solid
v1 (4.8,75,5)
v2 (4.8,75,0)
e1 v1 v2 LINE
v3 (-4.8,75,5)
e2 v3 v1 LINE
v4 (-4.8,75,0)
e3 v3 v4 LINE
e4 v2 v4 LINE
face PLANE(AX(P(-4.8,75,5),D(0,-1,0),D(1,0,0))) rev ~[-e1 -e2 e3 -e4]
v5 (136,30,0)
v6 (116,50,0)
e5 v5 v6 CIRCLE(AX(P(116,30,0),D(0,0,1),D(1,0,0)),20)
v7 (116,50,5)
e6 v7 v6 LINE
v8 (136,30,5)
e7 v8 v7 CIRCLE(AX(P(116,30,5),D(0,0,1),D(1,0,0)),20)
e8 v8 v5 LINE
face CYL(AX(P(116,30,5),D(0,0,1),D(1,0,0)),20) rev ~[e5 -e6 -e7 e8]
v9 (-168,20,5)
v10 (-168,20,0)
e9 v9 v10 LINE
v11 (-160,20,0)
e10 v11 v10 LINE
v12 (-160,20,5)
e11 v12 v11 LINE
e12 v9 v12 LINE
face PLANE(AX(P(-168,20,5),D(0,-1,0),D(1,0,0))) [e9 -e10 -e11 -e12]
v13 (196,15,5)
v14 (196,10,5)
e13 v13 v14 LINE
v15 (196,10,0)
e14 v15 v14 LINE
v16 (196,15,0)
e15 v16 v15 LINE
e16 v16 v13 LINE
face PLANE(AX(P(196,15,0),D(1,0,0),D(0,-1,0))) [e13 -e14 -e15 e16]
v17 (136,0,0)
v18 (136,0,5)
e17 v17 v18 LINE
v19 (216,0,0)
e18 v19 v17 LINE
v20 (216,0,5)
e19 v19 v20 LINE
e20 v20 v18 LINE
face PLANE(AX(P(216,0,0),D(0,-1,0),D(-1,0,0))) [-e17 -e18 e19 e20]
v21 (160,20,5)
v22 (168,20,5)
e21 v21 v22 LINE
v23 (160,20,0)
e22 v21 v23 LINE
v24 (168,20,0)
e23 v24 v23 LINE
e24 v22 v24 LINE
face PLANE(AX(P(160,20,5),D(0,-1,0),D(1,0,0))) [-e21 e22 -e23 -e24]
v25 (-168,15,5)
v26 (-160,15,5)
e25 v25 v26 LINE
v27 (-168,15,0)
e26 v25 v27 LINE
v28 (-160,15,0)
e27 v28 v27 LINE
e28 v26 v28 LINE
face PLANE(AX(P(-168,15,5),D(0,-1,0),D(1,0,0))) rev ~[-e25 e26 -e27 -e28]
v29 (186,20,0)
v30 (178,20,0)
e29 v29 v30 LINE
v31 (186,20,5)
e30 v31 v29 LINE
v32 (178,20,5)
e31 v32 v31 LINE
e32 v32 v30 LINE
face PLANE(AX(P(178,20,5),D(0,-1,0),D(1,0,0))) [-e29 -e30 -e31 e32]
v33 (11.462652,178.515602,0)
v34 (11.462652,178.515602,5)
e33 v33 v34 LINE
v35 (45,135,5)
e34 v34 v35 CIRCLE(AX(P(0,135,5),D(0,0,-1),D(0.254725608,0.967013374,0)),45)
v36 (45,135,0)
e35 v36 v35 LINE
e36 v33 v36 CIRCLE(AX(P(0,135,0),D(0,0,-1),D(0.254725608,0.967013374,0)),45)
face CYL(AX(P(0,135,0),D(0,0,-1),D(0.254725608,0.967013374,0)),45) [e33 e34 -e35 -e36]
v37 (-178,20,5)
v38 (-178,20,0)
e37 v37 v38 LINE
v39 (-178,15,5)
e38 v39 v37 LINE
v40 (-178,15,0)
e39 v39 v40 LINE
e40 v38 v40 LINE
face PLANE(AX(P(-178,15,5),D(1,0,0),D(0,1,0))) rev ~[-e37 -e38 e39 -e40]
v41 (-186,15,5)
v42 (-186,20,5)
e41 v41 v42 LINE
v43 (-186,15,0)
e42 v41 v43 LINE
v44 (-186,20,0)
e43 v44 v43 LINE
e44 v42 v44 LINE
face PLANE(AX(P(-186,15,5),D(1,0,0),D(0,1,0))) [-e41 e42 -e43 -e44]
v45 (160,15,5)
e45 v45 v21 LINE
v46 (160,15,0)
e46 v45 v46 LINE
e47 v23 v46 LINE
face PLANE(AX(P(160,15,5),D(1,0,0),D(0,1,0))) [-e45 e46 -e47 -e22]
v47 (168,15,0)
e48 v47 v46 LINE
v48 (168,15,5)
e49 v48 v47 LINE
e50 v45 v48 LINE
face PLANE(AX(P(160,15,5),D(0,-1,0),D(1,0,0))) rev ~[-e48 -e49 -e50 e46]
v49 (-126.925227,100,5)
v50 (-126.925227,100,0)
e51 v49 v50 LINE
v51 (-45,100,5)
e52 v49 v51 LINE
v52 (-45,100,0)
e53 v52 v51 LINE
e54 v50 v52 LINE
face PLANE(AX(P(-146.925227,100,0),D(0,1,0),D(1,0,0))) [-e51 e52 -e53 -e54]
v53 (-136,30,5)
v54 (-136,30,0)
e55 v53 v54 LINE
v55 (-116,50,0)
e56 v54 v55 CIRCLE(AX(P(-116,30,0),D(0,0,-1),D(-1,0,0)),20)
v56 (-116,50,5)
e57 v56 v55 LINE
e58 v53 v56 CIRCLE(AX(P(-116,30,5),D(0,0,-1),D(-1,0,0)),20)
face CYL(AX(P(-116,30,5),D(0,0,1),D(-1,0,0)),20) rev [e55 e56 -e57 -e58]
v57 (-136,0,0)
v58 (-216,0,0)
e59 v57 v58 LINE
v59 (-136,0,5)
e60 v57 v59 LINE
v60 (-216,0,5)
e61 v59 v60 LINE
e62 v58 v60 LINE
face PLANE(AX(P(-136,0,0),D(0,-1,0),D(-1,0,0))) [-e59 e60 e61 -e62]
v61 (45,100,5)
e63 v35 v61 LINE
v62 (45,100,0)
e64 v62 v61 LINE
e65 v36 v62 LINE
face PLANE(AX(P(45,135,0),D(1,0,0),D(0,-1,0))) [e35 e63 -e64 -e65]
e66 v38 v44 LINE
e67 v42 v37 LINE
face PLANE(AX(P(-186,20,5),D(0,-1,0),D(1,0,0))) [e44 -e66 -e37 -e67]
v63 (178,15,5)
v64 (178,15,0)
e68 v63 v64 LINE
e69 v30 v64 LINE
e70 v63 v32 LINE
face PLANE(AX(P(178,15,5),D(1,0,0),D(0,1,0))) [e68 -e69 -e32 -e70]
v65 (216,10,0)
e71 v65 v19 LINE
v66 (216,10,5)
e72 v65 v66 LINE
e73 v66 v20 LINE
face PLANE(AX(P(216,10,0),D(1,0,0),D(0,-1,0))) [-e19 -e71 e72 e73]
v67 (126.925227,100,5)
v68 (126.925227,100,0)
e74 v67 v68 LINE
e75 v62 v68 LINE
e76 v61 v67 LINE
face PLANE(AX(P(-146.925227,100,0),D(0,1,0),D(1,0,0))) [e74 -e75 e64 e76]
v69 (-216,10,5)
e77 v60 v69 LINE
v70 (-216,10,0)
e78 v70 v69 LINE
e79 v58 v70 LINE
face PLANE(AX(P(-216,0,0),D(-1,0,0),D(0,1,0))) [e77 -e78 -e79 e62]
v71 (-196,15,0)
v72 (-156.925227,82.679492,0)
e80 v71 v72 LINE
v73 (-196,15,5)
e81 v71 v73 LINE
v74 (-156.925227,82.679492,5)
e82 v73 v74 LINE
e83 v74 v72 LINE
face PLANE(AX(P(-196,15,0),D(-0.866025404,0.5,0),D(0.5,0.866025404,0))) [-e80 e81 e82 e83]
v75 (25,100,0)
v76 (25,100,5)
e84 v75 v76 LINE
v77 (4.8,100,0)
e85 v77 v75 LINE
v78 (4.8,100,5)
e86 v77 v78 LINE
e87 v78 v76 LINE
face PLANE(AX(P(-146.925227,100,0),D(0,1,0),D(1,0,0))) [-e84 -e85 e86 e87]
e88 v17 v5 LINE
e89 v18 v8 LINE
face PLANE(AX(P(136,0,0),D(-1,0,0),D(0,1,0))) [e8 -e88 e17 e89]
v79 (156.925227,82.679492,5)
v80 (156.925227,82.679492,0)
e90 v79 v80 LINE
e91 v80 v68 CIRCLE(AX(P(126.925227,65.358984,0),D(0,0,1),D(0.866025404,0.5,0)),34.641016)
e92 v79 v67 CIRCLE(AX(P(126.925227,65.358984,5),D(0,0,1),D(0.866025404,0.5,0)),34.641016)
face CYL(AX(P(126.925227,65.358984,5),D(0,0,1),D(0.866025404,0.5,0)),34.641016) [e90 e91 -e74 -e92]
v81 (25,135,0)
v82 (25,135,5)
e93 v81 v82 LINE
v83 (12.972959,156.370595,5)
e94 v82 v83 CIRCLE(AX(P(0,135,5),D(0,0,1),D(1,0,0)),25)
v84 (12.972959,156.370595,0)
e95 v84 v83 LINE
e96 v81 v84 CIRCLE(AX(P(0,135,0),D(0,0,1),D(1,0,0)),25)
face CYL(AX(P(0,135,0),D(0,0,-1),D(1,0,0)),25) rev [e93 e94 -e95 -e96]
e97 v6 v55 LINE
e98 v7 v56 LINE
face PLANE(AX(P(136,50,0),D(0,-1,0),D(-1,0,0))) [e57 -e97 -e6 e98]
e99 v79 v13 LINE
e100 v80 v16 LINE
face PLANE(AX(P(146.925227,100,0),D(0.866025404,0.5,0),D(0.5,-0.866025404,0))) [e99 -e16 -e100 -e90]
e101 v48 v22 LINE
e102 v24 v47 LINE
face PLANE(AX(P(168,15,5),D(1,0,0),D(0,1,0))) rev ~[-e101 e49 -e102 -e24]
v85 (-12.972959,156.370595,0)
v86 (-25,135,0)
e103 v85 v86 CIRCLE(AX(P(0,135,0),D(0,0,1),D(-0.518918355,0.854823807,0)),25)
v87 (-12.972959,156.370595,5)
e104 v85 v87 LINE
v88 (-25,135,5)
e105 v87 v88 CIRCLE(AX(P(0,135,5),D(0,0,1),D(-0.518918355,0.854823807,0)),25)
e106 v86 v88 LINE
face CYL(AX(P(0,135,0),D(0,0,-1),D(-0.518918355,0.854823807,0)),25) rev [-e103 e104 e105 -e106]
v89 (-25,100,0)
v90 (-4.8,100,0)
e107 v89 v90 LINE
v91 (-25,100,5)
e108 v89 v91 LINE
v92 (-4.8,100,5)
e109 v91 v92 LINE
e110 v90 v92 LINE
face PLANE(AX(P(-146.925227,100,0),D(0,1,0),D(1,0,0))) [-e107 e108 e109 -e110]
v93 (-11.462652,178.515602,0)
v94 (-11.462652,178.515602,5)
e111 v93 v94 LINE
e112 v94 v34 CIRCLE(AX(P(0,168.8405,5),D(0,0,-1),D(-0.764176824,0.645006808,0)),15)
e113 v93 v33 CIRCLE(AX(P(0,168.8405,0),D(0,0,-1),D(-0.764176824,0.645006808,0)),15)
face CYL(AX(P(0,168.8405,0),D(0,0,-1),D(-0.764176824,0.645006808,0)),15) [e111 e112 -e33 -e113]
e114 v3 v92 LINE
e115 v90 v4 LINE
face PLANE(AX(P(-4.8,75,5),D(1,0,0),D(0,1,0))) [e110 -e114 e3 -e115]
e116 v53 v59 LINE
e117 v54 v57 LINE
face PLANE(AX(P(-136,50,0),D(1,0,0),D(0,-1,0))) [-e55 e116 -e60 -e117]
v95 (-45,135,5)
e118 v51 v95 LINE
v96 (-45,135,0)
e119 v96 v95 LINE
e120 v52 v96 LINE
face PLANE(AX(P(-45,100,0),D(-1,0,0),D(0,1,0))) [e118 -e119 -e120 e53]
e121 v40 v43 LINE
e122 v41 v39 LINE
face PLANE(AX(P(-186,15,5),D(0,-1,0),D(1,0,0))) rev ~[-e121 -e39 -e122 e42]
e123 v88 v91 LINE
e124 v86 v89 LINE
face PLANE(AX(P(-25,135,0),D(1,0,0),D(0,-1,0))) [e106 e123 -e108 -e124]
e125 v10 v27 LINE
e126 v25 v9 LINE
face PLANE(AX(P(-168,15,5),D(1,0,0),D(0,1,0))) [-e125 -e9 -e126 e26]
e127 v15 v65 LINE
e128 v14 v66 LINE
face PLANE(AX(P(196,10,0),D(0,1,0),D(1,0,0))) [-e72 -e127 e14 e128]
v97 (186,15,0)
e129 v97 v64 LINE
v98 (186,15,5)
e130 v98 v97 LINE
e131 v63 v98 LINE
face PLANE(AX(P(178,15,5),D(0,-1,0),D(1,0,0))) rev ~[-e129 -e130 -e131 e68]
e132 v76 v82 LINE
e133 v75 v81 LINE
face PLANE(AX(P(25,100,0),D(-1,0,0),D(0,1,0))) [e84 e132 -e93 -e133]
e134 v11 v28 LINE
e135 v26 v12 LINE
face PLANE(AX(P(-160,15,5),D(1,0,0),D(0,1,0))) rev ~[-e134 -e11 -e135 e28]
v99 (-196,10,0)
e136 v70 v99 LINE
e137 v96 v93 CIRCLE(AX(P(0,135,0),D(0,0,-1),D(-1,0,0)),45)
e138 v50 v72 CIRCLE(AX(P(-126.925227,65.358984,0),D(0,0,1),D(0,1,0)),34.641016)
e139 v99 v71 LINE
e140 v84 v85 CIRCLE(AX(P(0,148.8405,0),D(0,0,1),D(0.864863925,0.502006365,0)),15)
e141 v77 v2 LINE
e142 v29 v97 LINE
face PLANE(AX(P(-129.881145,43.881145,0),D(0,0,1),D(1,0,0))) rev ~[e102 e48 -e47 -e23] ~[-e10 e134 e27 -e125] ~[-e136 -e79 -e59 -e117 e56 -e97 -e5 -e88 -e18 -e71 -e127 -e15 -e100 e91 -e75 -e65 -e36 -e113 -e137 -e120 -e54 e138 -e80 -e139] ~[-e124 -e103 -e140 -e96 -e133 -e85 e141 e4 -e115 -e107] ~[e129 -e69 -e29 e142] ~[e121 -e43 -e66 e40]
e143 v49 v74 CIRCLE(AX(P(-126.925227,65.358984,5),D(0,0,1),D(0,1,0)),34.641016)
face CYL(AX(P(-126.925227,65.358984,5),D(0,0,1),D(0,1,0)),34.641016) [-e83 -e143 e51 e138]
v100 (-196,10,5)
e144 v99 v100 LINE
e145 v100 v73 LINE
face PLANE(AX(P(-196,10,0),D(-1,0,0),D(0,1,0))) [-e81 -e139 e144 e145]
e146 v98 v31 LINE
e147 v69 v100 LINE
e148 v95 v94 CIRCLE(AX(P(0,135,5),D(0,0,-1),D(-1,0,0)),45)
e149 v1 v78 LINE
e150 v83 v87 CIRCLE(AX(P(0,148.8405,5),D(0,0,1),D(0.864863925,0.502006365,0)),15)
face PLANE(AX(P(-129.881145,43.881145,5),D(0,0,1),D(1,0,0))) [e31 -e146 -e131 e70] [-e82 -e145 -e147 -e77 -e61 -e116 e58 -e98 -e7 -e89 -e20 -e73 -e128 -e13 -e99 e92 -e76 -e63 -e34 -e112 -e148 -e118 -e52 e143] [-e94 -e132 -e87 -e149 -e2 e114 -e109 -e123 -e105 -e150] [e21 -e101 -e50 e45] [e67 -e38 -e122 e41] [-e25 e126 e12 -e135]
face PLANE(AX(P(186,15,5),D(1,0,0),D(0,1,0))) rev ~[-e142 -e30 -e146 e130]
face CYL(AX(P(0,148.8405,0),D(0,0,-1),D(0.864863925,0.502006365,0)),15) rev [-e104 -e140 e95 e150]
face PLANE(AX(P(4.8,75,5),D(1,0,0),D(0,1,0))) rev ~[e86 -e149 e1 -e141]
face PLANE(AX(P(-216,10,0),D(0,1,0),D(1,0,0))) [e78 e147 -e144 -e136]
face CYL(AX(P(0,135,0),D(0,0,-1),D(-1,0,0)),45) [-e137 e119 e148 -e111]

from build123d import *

# Parameters (mm, degrees)
EXTRUDE_1_DEPTH     = 5
CUT_EXTRUDE_1_REACH = 7
EXTRUDE_2_DEPTH     = 5
CUT_EXTRUDE_2_REACH = 7
SKETCH_4_W          = 9.6
SKETCH_4_H          = 50
EXTRUDE_3_DEPTH     = 5
CUT_EXTRUDE_3_REACH = 7
SKETCH_6_W          = 8
SKETCH_6_H          = 5


with BuildPart() as part:
    # 草图1 → 凸台-拉伸1 (new body)
    with BuildSketch(Plane.XY):
        Polygon((-216, 0), (-216, 10), (-196, 10), (-196, 15), (-146.925227119, 100), (146.925227119, 100), (196, 15), (196, 10), (216, 10), (216, 0), (136, 0), (136, 50), (-136, 50), (-136, 0), align=None)
    extrude(amount=EXTRUDE_1_DEPTH)

    # 草图2 → 切除-拉伸1 (cut, up to next)
    with BuildSketch(Plane.XY.offset(5), mode=Mode.PRIVATE) as cut_extrude_1_sk1:
        with BuildLine():
            Line((-146.925227119, 100), (-126.925227119, 100))
            ThreePointArc((-126.925227119, 100), (-144.245735195, 95.358983849), (-156.925227119, 82.679491924))
            Line((-156.925227119, 82.679491924), (-146.925227119, 100))
        make_face()
    cut_extrude_1_tool1 = extrude(cut_extrude_1_sk1.sketch, amount=-CUT_EXTRUDE_1_REACH, mode=Mode.PRIVATE) & part.part
    add(cut_extrude_1_tool1.solids().sort_by_distance((-144.827064, 96.365874, 5))[0], mode=Mode.SUBTRACT)
    # 草图2 → 切除-拉伸1 (cut, up to next)
    with BuildSketch(Plane.XY.offset(5), mode=Mode.PRIVATE) as cut_extrude_1_sk2:
        with BuildLine():
            Line((146.925227119, 100), (156.925227119, 82.679491924))
            ThreePointArc((156.925227119, 82.679491924), (144.245735195, 95.358983849), (126.925227119, 100))
            Line((126.925227119, 100), (146.925227119, 100))
        make_face()
    cut_extrude_1_tool2 = extrude(cut_extrude_1_sk2.sketch, amount=-CUT_EXTRUDE_1_REACH, mode=Mode.PRIVATE) & part.part
    add(cut_extrude_1_tool2.solids().sort_by_distance((144.827064, 96.365874, 5))[0], mode=Mode.SUBTRACT)

    # 草图3 → 凸台-拉伸2 (add)
    with BuildSketch(Plane.XY.offset(5)):
        with BuildLine():
            Line((-116, 50), (-136, 50))
            Line((-136, 50), (-136, 30))
            ThreePointArc((-136, 30), (-130.142135624, 44.142135624), (-116, 50))
        make_face()
        with BuildLine():
            Line((136, 50), (136, 30))
            ThreePointArc((136, 30), (130.142135624, 44.142135624), (116, 50))
            Line((116, 50), (136, 50))
        make_face()
    extrude(amount=-EXTRUDE_2_DEPTH)

    # 草图4 → 切除-拉伸2 (cut, up to next)
    with BuildSketch(Plane.XY.offset(5), mode=Mode.PRIVATE) as cut_extrude_2_sk1:
        with Locations((0, 100)):
            Rectangle(SKETCH_4_W, SKETCH_4_H)
    cut_extrude_2_tool1 = extrude(cut_extrude_2_sk1.sketch, amount=-CUT_EXTRUDE_2_REACH, mode=Mode.PRIVATE) & part.part
    add(cut_extrude_2_tool1.solids().sort_by_distance((0, 100, 5))[0], mode=Mode.SUBTRACT)

    # 草图5 → 凸台-拉伸3 (add)
    with BuildSketch(Plane(origin=(0, 0, 0), x_dir=(-1, 0, 0), z_dir=(0, 0, -1))):
        with BuildLine():
            Line((45, 100), (45, 135))
            ThreePointArc((45, 135), (35.642806819, 162.469807463), (11.462652354, 178.515601811))
            ThreePointArc((11.462652354, 178.515601811), (0, 183.840499693), (-11.462652354, 178.515601811))
            ThreePointArc((-11.462652354, 178.515601811), (-35.642806819, 162.469807463), (-45, 135))
            Line((-45, 135), (-45, 100))
            Line((-45, 100), (-25, 100))
            Line((-25, 100), (-25, 135))
            ThreePointArc((-25, 135), (-21.786738765, 147.261240312), (-12.97295888, 156.370595169))
            ThreePointArc((-12.97295888, 156.370595169), (0, 163.840499693), (12.97295888, 156.370595169))
            ThreePointArc((12.97295888, 156.370595169), (21.786738765, 147.261240312), (25, 135))
            Line((25, 135), (25, 100))
            Line((25, 100), (45, 100))
        make_face()
    extrude(amount=-EXTRUDE_3_DEPTH)

    # 草图6 → 切除-拉伸3 (cut, up to next)
    with BuildSketch(Plane.XY.offset(5), mode=Mode.PRIVATE) as cut_extrude_3_sk1:
        with Locations((-182, 17.5)):
            Rectangle(SKETCH_6_W, SKETCH_6_H)
    cut_extrude_3_tool1 = extrude(cut_extrude_3_sk1.sketch, amount=-CUT_EXTRUDE_3_REACH, mode=Mode.PRIVATE) & part.part
    add(cut_extrude_3_tool1.solids().sort_by_distance((-182, 17.5, 5))[0], mode=Mode.SUBTRACT)
    # 草图6 → 切除-拉伸3 (cut, up to next)
    with BuildSketch(Plane.XY.offset(5), mode=Mode.PRIVATE) as cut_extrude_3_sk2:
        with Locations((-164, 17.5)):
            Rectangle(SKETCH_6_W, SKETCH_6_H)
    cut_extrude_3_tool2 = extrude(cut_extrude_3_sk2.sketch, amount=-CUT_EXTRUDE_3_REACH, mode=Mode.PRIVATE) & part.part
    add(cut_extrude_3_tool2.solids().sort_by_distance((-164, 17.5, 5))[0], mode=Mode.SUBTRACT)
    # 草图6 → 切除-拉伸3 (cut, up to next)
    with BuildSketch(Plane.XY.offset(5), mode=Mode.PRIVATE) as cut_extrude_3_sk3:
        with Locations((182, 17.5)):
            Rectangle(SKETCH_6_W, SKETCH_6_H)
    cut_extrude_3_tool3 = extrude(cut_extrude_3_sk3.sketch, amount=-CUT_EXTRUDE_3_REACH, mode=Mode.PRIVATE) & part.part
    add(cut_extrude_3_tool3.solids().sort_by_distance((182, 17.5, 5))[0], mode=Mode.SUBTRACT)
    # 草图6 → 切除-拉伸3 (cut, up to next)
    with BuildSketch(Plane.XY.offset(5), mode=Mode.PRIVATE) as cut_extrude_3_sk4:
        with Locations((164, 17.5)):
            Rectangle(SKETCH_6_W, SKETCH_6_H)
    cut_extrude_3_tool4 = extrude(cut_extrude_3_sk4.sketch, amount=-CUT_EXTRUDE_3_REACH, mode=Mode.PRIVATE) & part.part
    add(cut_extrude_3_tool4.solids().sort_by_distance((164, 17.5, 5))[0], mode=Mode.SUBTRACT)


solid = part.part
